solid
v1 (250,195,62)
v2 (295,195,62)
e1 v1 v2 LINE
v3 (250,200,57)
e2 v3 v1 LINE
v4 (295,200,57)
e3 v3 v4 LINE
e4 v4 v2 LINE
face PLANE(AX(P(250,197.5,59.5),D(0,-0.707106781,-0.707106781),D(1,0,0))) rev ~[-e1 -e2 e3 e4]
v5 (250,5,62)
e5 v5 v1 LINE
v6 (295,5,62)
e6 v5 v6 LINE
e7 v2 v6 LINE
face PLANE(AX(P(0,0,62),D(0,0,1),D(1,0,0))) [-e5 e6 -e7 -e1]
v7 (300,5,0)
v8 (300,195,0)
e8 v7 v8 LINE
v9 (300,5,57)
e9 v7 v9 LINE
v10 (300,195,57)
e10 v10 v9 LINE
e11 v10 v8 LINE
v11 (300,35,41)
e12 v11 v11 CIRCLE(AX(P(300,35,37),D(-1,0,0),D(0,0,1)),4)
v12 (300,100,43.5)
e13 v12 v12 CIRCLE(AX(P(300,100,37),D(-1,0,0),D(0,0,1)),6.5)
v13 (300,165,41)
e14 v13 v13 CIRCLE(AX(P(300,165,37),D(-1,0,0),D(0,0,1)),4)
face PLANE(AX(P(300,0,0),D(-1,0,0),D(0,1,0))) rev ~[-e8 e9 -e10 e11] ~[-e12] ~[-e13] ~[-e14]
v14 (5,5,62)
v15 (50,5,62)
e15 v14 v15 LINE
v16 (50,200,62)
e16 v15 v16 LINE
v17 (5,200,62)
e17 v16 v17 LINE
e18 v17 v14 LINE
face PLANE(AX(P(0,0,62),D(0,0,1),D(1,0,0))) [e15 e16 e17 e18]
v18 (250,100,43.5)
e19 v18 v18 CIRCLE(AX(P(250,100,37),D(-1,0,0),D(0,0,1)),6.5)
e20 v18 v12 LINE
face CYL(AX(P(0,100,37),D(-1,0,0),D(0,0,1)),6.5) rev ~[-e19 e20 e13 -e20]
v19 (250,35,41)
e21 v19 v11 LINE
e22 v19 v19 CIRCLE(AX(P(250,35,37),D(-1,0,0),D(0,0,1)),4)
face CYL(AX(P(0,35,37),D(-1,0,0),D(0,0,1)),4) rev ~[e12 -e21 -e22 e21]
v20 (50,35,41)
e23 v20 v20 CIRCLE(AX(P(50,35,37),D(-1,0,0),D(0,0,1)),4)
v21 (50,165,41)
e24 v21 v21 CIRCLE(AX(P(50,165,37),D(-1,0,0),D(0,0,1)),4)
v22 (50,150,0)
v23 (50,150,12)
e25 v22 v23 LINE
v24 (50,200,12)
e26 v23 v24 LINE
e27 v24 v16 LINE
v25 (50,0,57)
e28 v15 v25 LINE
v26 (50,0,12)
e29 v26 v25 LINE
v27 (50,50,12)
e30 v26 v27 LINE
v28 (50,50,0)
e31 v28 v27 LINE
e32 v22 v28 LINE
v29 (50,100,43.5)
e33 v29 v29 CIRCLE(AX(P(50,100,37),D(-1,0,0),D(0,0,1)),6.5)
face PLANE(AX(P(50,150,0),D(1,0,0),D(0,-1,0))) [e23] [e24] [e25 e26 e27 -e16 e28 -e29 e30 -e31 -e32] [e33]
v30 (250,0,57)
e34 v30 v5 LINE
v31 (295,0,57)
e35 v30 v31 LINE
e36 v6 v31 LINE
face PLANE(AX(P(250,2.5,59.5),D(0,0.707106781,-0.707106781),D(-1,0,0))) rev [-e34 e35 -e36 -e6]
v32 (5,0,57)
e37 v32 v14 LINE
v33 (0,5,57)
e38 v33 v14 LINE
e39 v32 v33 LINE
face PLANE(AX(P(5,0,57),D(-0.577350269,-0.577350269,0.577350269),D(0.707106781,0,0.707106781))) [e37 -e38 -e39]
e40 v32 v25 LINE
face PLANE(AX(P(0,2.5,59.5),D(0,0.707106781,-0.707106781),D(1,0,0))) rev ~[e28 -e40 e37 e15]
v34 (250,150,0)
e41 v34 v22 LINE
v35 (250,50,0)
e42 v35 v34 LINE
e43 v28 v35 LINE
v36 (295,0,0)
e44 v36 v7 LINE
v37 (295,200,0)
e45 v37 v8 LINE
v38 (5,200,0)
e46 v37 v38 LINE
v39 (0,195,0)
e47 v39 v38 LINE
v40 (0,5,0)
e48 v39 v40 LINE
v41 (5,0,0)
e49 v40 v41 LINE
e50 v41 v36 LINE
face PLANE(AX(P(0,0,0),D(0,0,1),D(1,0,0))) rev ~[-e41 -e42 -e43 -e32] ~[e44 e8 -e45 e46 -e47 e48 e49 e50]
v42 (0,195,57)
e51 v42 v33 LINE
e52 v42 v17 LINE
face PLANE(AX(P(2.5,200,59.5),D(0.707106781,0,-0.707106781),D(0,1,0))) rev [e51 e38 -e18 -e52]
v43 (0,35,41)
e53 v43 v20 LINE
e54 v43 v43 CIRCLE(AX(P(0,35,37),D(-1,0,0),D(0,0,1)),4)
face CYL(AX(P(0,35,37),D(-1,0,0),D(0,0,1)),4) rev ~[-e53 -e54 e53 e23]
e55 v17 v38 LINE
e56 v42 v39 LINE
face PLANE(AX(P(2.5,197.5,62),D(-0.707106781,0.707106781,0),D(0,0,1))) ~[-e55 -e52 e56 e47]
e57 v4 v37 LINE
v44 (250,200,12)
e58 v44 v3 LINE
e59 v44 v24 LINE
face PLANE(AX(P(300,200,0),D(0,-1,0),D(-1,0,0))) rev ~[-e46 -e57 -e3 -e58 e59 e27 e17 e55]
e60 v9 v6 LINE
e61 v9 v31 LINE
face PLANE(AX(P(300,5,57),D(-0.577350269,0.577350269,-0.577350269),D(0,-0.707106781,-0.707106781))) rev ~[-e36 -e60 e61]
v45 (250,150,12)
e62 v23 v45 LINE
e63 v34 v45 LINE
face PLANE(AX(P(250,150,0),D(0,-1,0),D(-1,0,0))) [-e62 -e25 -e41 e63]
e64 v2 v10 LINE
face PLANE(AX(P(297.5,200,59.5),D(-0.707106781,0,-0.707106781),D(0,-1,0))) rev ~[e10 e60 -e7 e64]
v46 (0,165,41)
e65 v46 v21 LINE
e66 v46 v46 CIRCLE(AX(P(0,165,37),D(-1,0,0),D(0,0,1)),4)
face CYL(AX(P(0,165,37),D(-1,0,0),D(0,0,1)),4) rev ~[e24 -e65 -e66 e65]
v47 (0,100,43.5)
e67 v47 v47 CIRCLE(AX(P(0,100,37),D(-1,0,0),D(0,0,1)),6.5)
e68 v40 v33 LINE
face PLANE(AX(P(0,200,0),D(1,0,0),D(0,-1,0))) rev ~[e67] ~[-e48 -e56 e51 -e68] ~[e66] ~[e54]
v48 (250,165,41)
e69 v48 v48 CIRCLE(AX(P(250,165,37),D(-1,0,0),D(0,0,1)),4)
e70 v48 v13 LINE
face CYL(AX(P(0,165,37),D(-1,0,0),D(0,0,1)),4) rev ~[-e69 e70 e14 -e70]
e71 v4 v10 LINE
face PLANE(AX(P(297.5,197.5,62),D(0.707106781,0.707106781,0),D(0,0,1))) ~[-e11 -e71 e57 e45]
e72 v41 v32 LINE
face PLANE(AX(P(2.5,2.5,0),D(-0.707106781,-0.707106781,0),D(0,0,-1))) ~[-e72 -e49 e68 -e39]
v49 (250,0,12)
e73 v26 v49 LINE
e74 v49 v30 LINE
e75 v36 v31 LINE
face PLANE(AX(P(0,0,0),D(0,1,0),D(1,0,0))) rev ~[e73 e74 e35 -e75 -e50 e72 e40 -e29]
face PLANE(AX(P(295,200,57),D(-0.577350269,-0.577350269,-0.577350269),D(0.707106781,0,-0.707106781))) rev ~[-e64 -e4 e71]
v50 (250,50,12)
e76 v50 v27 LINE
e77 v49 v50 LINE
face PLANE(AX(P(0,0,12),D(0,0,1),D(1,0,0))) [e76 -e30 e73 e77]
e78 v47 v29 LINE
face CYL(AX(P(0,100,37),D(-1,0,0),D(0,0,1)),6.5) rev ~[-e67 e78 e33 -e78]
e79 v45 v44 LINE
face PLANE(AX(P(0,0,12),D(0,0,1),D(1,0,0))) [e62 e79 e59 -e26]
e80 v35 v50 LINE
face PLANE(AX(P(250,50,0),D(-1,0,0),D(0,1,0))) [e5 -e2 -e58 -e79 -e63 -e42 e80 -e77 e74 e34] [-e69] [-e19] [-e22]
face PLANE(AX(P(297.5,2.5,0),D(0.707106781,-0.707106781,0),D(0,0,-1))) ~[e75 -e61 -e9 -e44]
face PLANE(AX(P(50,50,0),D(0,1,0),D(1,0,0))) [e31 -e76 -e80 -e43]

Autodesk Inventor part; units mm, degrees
ref_plane "YZ Plane" through (0, 0, 0) normal (1, 0, 0) x (0, 1, 0)
ref_plane "XZ Plane" through (0, 0, 0) normal (0, 1, 0) x (-1, 0, 0)
ref_plane "XY Plane" through (0, 0, 0) normal (0, 0, 1) x (1, 0, 0)
sketch "Sketch1" plane through (0, 0, 0) normal (0, 0, 1) x (1, 0, 0)
  line L0 (0, 0) -> (300, 0)
  line L1 (300, 0) -> (300, 200)
  line L2 (300, 200) -> (0, 200)
  line L3 (0, 200) -> (0, 0)
  dimension "d0" = 300
  dimension "d1" = 200
extrude "Extrusion1" add sketch "Sketch1" along normal blind 12
sketch "Sketch2" plane through (0, 0, 0) normal (0, 0, -1) x (-1, 0, 0)
  line L0 (-250, 150) -> (-50, 150)
  line L1 (-50, 150) -> (-50, 50)
  line L2 (-50, 50) -> (-250, 50)
  line L3 (-250, 50) -> (-250, 150)
  point P0 (0, 0)
  dimension "d4" = 200
  dimension "d5" = 100
extrude "Extrusion2" cut sketch "Sketch2" against normal blind 19
sketch "Sketch3" plane through (0, 0, 12) normal (0, 0, 1) x (1, 0, 0)
  line L0 (0, 0) -> (300, 0) projected
  line L1 (300, 0) -> (250, 0)
  line L2 (250, 0) -> (250, 200)
  line L3 (250, 200) -> (300, 200)
  line L4 (300, 200) -> (300, 0)
  line L5 (0, 0) -> (50, 0)
  line L6 (50, 0) -> (50, 200)
  line L7 (50, 200) -> (0, 200)
  line L8 (0, 200) -> (0, 0)
  dimension "d8" = 50
  dimension "d9" = 200
  dimension "d10" = 50
  dimension "d11" = 200
extrude "Extrusion3" add sketch "Sketch3" along normal blind 50
sketch "Sketch4" plane through (0, 0, 0) normal (-1, 0, 0) x (0, 0, 1)
  point P0 (0, 0)
sketch "Sketch5" plane through (0, 0, 0) normal (-1, 0, 0) x (0, 0, 1)
  circle A0 centre (37, 35) radius 4
  circle A1 centre (37, 100) radius 6.5
  circle A2 centre (37, 165) radius 4
  point P0 (0, 0)
  dimension "d14" = 8
  dimension "d15" = 13
  dimension "d16" = 8
extrude "Extrusion4" cut sketch "Sketch5" against normal blind 900
chamfer "Chamfer1" distance 5 angle 45 9 edges at (0, 100, 62) (0, 0, 31) (25, 0, 62) (275, 0, 62) (300, 100, 62) (275, 200, 62) (300, 200, 31) (0, 200, 31) (300, 0, 31)
properties part number "base box"
